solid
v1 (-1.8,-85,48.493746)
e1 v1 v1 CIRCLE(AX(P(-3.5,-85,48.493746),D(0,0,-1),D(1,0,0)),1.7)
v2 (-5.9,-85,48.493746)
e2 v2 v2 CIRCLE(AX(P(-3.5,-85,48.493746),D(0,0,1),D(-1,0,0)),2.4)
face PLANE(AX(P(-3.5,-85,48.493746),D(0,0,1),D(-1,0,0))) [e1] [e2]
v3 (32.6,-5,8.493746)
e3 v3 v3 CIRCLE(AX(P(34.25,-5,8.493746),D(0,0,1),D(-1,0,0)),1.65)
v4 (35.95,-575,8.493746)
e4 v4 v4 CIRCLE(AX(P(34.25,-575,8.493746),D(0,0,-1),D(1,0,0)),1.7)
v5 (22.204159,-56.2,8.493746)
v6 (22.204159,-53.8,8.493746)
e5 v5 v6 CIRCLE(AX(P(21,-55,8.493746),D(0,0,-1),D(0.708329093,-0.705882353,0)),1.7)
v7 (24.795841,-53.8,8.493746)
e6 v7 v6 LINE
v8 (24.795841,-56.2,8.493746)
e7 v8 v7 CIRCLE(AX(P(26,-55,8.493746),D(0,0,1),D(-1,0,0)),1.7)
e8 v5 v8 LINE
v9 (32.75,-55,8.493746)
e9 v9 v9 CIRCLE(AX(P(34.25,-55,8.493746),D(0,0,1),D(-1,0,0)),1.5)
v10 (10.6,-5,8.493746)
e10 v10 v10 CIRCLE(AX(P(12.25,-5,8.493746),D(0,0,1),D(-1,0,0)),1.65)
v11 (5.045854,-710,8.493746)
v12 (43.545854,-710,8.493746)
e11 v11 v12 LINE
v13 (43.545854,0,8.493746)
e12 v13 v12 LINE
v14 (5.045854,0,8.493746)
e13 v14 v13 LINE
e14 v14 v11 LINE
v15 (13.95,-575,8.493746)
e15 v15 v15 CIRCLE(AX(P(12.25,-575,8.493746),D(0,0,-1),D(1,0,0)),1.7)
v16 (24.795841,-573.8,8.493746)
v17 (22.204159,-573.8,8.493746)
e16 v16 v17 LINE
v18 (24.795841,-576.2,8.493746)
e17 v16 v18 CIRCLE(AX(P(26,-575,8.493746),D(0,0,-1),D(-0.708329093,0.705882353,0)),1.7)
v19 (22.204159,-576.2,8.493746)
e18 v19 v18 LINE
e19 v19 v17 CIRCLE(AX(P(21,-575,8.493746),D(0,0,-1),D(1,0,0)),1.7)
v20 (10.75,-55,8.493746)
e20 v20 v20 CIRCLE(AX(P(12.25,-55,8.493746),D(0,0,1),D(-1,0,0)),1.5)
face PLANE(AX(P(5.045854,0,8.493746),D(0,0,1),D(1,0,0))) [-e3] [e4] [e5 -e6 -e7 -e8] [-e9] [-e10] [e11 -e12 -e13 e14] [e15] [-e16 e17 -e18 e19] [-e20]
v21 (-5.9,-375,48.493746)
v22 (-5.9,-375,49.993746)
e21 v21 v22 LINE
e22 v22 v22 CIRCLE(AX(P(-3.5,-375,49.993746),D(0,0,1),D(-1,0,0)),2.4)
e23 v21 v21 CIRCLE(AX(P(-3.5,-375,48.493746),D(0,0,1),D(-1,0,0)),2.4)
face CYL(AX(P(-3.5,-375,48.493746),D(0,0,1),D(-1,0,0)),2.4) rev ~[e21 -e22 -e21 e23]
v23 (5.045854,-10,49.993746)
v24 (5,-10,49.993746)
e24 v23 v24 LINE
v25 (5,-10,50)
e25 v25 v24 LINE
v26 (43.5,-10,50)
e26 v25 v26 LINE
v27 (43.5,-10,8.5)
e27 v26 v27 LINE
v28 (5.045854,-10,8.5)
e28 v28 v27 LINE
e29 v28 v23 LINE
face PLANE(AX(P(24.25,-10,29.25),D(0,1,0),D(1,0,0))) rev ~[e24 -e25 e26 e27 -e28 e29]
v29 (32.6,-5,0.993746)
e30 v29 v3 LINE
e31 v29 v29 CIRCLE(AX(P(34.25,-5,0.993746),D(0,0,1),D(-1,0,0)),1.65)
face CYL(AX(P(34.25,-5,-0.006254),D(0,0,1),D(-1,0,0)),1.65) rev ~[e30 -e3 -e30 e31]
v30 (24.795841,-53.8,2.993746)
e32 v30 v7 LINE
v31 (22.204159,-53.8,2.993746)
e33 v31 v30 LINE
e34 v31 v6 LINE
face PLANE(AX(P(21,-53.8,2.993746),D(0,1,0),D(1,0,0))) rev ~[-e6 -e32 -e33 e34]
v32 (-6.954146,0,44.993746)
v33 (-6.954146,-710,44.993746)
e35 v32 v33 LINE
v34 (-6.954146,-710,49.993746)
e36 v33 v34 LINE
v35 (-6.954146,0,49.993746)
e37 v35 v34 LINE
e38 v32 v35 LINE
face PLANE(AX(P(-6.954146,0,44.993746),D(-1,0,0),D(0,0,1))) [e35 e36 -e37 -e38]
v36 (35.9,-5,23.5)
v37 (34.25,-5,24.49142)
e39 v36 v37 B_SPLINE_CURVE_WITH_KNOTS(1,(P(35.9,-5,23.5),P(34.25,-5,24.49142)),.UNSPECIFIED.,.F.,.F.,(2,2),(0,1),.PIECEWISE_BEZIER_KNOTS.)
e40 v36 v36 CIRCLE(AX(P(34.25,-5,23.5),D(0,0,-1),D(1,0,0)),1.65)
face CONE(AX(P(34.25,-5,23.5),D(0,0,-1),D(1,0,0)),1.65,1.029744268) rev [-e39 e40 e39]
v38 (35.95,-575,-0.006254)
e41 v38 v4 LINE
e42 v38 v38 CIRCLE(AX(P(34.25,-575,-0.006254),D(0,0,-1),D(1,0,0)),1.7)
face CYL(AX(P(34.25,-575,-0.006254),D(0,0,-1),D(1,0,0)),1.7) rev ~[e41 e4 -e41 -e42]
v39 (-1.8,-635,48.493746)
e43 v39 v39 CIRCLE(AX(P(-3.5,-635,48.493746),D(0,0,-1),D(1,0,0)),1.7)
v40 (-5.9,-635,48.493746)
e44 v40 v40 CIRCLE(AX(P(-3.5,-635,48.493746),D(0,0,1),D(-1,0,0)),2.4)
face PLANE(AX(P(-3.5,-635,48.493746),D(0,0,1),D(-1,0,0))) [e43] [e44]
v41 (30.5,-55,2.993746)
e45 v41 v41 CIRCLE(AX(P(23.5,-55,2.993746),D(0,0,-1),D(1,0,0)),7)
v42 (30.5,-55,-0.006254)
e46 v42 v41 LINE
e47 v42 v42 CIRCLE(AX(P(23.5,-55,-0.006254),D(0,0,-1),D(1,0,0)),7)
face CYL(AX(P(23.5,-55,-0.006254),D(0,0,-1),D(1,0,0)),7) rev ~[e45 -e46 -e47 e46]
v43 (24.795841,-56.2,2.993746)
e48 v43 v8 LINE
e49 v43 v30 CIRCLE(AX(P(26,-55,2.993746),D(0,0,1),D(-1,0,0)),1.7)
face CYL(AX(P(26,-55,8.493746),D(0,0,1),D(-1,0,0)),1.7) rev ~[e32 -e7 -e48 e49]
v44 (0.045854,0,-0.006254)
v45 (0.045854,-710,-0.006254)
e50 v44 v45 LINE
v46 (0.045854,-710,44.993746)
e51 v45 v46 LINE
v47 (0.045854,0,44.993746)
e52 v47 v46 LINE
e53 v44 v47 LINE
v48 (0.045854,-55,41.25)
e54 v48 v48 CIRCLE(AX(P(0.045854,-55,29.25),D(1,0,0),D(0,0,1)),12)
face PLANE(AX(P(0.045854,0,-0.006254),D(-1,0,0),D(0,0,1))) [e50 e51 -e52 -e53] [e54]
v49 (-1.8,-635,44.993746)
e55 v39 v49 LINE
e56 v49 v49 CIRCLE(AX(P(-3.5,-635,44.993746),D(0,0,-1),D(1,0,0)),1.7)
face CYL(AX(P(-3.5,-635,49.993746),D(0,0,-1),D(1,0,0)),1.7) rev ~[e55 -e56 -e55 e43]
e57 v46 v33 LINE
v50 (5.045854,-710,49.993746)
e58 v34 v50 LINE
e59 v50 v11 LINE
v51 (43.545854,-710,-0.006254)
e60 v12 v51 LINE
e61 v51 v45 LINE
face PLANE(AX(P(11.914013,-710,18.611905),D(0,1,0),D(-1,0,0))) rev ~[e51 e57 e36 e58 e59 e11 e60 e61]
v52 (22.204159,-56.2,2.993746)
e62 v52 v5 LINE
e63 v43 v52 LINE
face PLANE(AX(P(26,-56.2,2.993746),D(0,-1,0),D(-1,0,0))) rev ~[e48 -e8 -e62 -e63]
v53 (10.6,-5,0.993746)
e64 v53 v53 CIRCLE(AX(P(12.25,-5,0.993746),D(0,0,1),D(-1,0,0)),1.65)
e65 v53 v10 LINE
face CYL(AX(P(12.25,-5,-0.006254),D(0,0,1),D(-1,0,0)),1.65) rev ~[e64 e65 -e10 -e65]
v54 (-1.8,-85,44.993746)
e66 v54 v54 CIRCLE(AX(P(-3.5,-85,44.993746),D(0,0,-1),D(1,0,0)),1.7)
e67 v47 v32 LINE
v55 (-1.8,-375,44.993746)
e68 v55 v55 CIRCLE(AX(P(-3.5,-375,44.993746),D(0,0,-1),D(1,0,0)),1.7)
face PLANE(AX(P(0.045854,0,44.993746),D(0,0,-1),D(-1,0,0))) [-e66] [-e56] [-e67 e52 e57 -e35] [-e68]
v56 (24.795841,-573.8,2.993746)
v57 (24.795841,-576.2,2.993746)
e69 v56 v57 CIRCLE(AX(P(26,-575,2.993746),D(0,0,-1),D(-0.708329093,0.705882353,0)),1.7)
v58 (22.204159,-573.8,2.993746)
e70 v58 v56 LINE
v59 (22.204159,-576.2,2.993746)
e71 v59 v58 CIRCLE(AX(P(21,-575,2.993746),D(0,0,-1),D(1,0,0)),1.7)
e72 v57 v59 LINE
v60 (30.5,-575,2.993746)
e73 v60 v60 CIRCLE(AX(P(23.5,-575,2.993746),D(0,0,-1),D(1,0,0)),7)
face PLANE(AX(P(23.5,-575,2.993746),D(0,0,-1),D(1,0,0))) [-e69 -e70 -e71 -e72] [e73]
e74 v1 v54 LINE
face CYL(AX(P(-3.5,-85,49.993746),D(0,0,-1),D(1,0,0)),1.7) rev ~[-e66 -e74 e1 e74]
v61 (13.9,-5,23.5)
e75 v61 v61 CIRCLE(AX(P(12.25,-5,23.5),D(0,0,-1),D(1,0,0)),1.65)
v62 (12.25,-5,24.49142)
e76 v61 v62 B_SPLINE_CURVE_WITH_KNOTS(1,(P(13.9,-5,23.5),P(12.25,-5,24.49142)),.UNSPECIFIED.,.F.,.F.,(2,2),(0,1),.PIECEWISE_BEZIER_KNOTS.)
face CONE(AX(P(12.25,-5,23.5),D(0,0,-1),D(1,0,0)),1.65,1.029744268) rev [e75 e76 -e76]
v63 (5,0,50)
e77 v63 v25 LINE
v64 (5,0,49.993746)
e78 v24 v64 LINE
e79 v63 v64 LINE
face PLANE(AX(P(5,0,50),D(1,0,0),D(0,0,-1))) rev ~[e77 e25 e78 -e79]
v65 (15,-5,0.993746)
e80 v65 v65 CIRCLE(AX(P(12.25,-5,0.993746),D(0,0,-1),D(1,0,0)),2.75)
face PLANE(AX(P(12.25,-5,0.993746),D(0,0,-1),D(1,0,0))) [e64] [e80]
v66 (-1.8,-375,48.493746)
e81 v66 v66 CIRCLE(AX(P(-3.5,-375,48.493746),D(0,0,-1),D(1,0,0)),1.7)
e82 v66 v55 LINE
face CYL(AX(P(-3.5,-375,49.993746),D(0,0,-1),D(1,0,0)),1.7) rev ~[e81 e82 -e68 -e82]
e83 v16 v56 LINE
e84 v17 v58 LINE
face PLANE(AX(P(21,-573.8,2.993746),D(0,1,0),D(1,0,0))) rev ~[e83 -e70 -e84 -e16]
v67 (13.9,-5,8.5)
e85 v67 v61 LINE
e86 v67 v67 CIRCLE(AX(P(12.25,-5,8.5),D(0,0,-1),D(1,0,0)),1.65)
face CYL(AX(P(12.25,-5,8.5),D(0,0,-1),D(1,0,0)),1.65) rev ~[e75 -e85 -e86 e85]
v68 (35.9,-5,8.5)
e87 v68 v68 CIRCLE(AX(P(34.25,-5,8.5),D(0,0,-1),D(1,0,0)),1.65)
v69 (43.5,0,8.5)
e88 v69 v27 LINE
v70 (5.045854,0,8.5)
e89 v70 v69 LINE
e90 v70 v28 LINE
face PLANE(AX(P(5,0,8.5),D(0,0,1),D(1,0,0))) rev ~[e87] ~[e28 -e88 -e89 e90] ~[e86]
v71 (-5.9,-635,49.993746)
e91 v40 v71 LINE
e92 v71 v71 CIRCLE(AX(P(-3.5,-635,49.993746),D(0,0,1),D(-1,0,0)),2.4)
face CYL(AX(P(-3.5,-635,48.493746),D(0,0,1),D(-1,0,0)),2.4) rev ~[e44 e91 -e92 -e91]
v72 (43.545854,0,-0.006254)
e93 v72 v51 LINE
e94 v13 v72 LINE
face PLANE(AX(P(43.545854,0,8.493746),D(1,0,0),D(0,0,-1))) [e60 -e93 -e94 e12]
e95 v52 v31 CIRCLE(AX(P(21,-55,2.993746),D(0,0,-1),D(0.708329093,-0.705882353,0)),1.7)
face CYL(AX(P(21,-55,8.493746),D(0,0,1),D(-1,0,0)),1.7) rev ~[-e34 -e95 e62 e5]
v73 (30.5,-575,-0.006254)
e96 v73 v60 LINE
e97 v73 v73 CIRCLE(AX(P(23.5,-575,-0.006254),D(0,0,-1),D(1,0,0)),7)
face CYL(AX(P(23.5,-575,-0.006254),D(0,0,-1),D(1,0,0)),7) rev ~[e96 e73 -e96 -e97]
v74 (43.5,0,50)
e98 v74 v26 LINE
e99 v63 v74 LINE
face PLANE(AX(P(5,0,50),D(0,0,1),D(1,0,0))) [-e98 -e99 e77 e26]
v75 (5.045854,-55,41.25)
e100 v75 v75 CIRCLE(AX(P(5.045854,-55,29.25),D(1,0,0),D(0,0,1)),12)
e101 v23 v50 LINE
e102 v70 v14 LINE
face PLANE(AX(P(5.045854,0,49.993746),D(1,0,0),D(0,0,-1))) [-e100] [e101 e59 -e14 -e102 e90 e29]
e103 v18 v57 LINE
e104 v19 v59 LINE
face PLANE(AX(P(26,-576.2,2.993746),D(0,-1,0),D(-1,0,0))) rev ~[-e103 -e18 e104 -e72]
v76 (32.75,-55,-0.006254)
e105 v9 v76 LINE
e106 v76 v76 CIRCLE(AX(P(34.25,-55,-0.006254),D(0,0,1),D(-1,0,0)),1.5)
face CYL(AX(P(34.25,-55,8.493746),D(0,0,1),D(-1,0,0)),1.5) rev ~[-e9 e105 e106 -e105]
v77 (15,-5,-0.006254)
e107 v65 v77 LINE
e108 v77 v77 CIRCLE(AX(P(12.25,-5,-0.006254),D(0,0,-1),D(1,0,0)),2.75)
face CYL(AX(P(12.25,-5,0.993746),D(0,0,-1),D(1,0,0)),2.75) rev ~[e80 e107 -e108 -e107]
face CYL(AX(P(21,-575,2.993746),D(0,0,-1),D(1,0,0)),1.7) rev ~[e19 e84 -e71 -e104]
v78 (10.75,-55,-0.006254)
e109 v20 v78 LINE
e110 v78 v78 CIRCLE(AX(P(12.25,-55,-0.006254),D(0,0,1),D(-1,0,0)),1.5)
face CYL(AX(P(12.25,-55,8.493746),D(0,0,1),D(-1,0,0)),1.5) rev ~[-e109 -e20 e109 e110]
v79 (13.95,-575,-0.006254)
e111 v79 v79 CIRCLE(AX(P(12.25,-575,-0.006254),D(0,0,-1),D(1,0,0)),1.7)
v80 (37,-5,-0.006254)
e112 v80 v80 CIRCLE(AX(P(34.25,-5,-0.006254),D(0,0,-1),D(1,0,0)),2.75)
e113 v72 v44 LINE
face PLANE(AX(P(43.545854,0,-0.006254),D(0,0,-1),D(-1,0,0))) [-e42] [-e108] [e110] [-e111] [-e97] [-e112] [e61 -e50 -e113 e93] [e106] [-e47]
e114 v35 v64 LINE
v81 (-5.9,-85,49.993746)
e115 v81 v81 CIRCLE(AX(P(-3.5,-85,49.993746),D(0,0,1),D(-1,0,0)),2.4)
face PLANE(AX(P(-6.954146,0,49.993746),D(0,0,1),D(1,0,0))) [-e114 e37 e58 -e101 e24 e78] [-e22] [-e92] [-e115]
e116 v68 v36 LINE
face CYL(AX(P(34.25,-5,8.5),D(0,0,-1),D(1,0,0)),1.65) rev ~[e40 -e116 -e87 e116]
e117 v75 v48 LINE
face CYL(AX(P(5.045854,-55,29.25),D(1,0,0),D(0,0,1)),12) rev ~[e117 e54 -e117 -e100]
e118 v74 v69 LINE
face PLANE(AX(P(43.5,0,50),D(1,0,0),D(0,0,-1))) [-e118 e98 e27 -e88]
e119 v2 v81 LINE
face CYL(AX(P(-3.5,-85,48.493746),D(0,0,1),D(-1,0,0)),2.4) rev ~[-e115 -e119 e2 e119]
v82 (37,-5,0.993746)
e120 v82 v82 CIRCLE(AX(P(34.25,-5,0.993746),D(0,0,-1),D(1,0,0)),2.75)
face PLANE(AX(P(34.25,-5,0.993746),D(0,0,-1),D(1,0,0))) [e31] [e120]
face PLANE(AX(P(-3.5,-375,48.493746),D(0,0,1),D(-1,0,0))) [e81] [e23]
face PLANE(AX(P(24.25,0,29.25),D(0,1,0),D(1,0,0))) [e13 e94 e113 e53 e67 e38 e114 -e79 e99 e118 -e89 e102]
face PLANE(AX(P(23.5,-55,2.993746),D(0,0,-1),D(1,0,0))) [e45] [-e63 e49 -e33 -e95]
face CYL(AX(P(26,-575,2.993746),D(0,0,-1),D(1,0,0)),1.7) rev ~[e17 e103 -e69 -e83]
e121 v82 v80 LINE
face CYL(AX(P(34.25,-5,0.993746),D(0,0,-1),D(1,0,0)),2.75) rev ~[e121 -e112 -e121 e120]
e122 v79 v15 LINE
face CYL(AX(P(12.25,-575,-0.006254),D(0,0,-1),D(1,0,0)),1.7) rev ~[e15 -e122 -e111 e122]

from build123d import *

# Parameters (mm, degrees)
PAD_DEPTH           = 710
HOLE_D              = 3.4
HOLE_CBORE_D        = 4.8
HOLE_CBORE_DEPTH    = 1.5
HOLE003_D           = 3.4
HOLE003_CBORE_D     = 4.8
HOLE003_CBORE_DEPTH = 1.5
SKETCH006_R         = 12
POCKET_DEPTH        = 12.001
SKETCH008_R         = 1.5
POCKET001_DEPTH     = 8.501
HOLE004_D           = 3.3
HOLE004_DEPTH       = 10
HOLE004_CBORE_D     = 5.5
HOLE004_CBORE_DEPTH = 1
HOLE004_TIPS_R      = 1.65
POCKET003_DEPTH     = 47.001
SKETCH013_W         = 38.5
SKETCH013_H         = 41.5
PAD001_DEPTH        = 10
SKETCH014_R         = 1.65
HOLE005_DEPTH       = 15
HOLE005_TIPS_R      = 1.65
SKETCH015_R         = 1.7
HOLE006_DEPTH       = 50.007254
SKETCH016_R         = 7
POCKET005_DEPTH     = 3
POCKET006_DEPTH     = 47.007254
SKETCH018_R         = 1.7
HOLE007_DEPTH       = 47.007254
SKETCH012_R         = 1.7
HOLE008_DEPTH       = 8.501
SKETCH019_R         = 7
POCKET007_DEPTH     = 3


with BuildPart() as part:
    # Sketch → Pad (new body)
    with BuildSketch(Plane.XZ):
        Polygon((0.045854, -0.006254), (0.045854, 44.993746), (-6.954146, 44.993746), (-6.954146, 49.993746), (5.045854, 49.993746), (5.045854, 8.493746), (43.545854, 8.493746), (43.545854, -0.006254), align=None)
    extrude(amount=PAD_DEPTH)

    # Hole (through all)
    with Locations(Plane(origin=(0, 0, 49.993746), x_dir=(-1, 0, 0), z_dir=(0, 0, 1))):
        with Locations((3.5, 85), (3.5, 635)):
            CounterBoreHole(HOLE_D / 2, HOLE_CBORE_D / 2, HOLE_CBORE_DEPTH)

    # Hole003 (through all)
    with Locations(Plane(origin=(0, 0, 49.993746), x_dir=(-1, 0, 0), z_dir=(0, 0, 1))):
        with Locations((3.5, 375)):
            CounterBoreHole(HOLE003_D / 2, HOLE003_CBORE_D / 2, HOLE003_CBORE_DEPTH)

    # Sketch006 → Pocket (cut, through all)
    with BuildSketch(Plane(origin=(5.045854, 0, 0), x_dir=(0, 0, 1), z_dir=(1, 0, 0))):
        with Locations((29.25, 55)):
            Circle(SKETCH006_R)
    extrude(amount=-POCKET_DEPTH, mode=Mode.SUBTRACT)

    # Sketch008 → Pocket001 (cut, through all)
    with BuildSketch(Plane(origin=(0, 0, 8.493746), x_dir=(-1, 0, 0), z_dir=(0, 0, 1))):
        with Locations((-34.25, 55)):
            Circle(SKETCH008_R)
        with Locations((-12.25, 55)):
            Circle(SKETCH008_R)
    extrude(amount=-POCKET001_DEPTH, mode=Mode.SUBTRACT)

    # Hole004
    with Locations(Plane(origin=(0, 0, -0.006254), x_dir=(1, 0, 0), z_dir=(0, 0, -1))):
        with Locations((12.25, 5), (34.25, 5)):
            CounterBoreHole(HOLE004_D / 2, HOLE004_CBORE_D / 2, HOLE004_CBORE_DEPTH, depth=HOLE004_DEPTH)

    # Hole004 tips → Hole004 tip 1 section 0
    with BuildSketch(Plane(origin=(0, 0, 9.993746), x_dir=(1, 0, 0), z_dir=(0, 0, -1)), mode=Mode.PRIVATE) as hole004_tip_1_s0:
        with Locations((12.25, 5)):
            Circle(HOLE004_TIPS_R)
    loft([hole004_tip_1_s0.sketch, Vertex(12.25, -5, 10.985166)], mode=Mode.SUBTRACT)

    # Hole004 tips → Hole004 tip 2 section 0
    with BuildSketch(Plane(origin=(0, 0, 9.993746), x_dir=(1, 0, 0), z_dir=(0, 0, -1)), mode=Mode.PRIVATE) as hole004_tip_2_s0:
        with Locations((34.25, 5)):
            Circle(HOLE004_TIPS_R)
    loft([hole004_tip_2_s0.sketch, Vertex(34.25, -5, 10.985166)], mode=Mode.SUBTRACT)

    # Sketch011 → Pocket003 (cut, through all)
    with BuildSketch(Plane(origin=(0, 0, 2.993746), x_dir=(1, 0, 0), z_dir=(0, 0, -1))):
        with BuildLine():
            ThreePointArc((21, 56.2), (19.8, 55), (21, 53.8))
            Line((21, 53.8), (26, 53.8))
            ThreePointArc((26, 53.8), (27.2, 55), (26, 56.2))
            Line((26, 56.2), (21, 56.2))
        make_face()
    extrude(amount=-POCKET003_DEPTH, mode=Mode.SUBTRACT)

    # Sketch013 → Pad001 (join)
    with BuildSketch(Plane(origin=(0, 0, 0), x_dir=(1, 0, 0), z_dir=(0, 1, 0))):
        with Locations((24.25, -29.25)):
            Rectangle(SKETCH013_W, SKETCH013_H)
    extrude(amount=-PAD001_DEPTH)

    # Sketch014 → Hole005 (cut)
    with BuildSketch(Plane(origin=(0, 0, 8.5), x_dir=(1, 0, 0), z_dir=(0, 0, -1))):
        with Locations((12.25, 5)):
            Circle(SKETCH014_R)
        with Locations((34.25, 5)):
            Circle(SKETCH014_R)
    extrude(amount=-HOLE005_DEPTH, mode=Mode.SUBTRACT)

    # Hole005 tips → Hole005 tip 1 section 0
    with BuildSketch(Plane(origin=(0, 0, 23.5), x_dir=(1, 0, 0), z_dir=(0, 0, -1)), mode=Mode.PRIVATE) as hole005_tip_1_s0:
        with Locations((12.25, 5)):
            Circle(HOLE005_TIPS_R)
    loft([hole005_tip_1_s0.sketch, Vertex(12.25, -5, 24.49142)], mode=Mode.SUBTRACT)

    # Hole005 tips → Hole005 tip 2 section 0
    with BuildSketch(Plane(origin=(0, 0, 23.5), x_dir=(1, 0, 0), z_dir=(0, 0, -1)), mode=Mode.PRIVATE) as hole005_tip_2_s0:
        with Locations((34.25, 5)):
            Circle(HOLE005_TIPS_R)
    loft([hole005_tip_2_s0.sketch, Vertex(34.25, -5, 24.49142)], mode=Mode.SUBTRACT)

    # Sketch015 → Hole006 (cut, through all)
    with BuildSketch(Plane(origin=(0, 0, -0.006254), x_dir=(1, 0, 0), z_dir=(0, 0, -1))):
        with Locations((12.25, 575)):
            Circle(SKETCH015_R)
        with Locations((34.25, 575)):
            Circle(SKETCH015_R)
    extrude(amount=-HOLE006_DEPTH, mode=Mode.SUBTRACT)

    # Sketch016 → Pocket005 (cut)
    with BuildSketch(Plane(origin=(0, 0, -0.006254), x_dir=(1, 0, 0), z_dir=(0, 0, -1))):
        with Locations((23.5, 575)):
            Circle(SKETCH016_R)
    extrude(amount=-POCKET005_DEPTH, mode=Mode.SUBTRACT)

    # Sketch017 → Pocket006 (cut, through all)
    with BuildSketch(Plane(origin=(0, 0, 2.993746), x_dir=(1, 0, 0), z_dir=(0, 0, -1))):
        with BuildLine():
            ThreePointArc((21, 576.2), (19.8, 575), (21, 573.8))
            Line((21, 573.8), (26, 573.8))
            ThreePointArc((26, 573.8), (27.2, 575), (26, 576.2))
            Line((26, 576.2), (21, 576.2))
        make_face()
    extrude(amount=-POCKET006_DEPTH, mode=Mode.SUBTRACT)

    # Sketch018 → Hole007 (cut, through all)
    with BuildSketch(Plane(origin=(0, 0, 2.993746), x_dir=(1, 0, 0), z_dir=(0, 0, -1))):
        with Locations((21, 575)):
            Circle(SKETCH018_R)
        with Locations((26, 575)):
            Circle(SKETCH018_R)
    extrude(amount=-HOLE007_DEPTH, mode=Mode.SUBTRACT)

    # Sketch012 (on Face15 of Pocket003) → Hole008 (cut, through all)
    with BuildSketch(Plane(origin=(0, 0, 8.493746), x_dir=(-1, 0, 0), z_dir=(0, 0, 1))):
        with Locations((-21, 55)):
            Circle(SKETCH012_R)
        with Locations((-26, 55)):
            Circle(SKETCH012_R)
    extrude(amount=-HOLE008_DEPTH, mode=Mode.SUBTRACT)

    # Sketch019 → Pocket007 (cut)
    with BuildSketch(Plane(origin=(0, 0, -0.006254), x_dir=(1, 0, 0), z_dir=(0, 0, -1))):
        with Locations((23.5, 55)):
            Circle(SKETCH019_R)
    extrude(amount=-POCKET007_DEPTH, mode=Mode.SUBTRACT)


solid = part.part
